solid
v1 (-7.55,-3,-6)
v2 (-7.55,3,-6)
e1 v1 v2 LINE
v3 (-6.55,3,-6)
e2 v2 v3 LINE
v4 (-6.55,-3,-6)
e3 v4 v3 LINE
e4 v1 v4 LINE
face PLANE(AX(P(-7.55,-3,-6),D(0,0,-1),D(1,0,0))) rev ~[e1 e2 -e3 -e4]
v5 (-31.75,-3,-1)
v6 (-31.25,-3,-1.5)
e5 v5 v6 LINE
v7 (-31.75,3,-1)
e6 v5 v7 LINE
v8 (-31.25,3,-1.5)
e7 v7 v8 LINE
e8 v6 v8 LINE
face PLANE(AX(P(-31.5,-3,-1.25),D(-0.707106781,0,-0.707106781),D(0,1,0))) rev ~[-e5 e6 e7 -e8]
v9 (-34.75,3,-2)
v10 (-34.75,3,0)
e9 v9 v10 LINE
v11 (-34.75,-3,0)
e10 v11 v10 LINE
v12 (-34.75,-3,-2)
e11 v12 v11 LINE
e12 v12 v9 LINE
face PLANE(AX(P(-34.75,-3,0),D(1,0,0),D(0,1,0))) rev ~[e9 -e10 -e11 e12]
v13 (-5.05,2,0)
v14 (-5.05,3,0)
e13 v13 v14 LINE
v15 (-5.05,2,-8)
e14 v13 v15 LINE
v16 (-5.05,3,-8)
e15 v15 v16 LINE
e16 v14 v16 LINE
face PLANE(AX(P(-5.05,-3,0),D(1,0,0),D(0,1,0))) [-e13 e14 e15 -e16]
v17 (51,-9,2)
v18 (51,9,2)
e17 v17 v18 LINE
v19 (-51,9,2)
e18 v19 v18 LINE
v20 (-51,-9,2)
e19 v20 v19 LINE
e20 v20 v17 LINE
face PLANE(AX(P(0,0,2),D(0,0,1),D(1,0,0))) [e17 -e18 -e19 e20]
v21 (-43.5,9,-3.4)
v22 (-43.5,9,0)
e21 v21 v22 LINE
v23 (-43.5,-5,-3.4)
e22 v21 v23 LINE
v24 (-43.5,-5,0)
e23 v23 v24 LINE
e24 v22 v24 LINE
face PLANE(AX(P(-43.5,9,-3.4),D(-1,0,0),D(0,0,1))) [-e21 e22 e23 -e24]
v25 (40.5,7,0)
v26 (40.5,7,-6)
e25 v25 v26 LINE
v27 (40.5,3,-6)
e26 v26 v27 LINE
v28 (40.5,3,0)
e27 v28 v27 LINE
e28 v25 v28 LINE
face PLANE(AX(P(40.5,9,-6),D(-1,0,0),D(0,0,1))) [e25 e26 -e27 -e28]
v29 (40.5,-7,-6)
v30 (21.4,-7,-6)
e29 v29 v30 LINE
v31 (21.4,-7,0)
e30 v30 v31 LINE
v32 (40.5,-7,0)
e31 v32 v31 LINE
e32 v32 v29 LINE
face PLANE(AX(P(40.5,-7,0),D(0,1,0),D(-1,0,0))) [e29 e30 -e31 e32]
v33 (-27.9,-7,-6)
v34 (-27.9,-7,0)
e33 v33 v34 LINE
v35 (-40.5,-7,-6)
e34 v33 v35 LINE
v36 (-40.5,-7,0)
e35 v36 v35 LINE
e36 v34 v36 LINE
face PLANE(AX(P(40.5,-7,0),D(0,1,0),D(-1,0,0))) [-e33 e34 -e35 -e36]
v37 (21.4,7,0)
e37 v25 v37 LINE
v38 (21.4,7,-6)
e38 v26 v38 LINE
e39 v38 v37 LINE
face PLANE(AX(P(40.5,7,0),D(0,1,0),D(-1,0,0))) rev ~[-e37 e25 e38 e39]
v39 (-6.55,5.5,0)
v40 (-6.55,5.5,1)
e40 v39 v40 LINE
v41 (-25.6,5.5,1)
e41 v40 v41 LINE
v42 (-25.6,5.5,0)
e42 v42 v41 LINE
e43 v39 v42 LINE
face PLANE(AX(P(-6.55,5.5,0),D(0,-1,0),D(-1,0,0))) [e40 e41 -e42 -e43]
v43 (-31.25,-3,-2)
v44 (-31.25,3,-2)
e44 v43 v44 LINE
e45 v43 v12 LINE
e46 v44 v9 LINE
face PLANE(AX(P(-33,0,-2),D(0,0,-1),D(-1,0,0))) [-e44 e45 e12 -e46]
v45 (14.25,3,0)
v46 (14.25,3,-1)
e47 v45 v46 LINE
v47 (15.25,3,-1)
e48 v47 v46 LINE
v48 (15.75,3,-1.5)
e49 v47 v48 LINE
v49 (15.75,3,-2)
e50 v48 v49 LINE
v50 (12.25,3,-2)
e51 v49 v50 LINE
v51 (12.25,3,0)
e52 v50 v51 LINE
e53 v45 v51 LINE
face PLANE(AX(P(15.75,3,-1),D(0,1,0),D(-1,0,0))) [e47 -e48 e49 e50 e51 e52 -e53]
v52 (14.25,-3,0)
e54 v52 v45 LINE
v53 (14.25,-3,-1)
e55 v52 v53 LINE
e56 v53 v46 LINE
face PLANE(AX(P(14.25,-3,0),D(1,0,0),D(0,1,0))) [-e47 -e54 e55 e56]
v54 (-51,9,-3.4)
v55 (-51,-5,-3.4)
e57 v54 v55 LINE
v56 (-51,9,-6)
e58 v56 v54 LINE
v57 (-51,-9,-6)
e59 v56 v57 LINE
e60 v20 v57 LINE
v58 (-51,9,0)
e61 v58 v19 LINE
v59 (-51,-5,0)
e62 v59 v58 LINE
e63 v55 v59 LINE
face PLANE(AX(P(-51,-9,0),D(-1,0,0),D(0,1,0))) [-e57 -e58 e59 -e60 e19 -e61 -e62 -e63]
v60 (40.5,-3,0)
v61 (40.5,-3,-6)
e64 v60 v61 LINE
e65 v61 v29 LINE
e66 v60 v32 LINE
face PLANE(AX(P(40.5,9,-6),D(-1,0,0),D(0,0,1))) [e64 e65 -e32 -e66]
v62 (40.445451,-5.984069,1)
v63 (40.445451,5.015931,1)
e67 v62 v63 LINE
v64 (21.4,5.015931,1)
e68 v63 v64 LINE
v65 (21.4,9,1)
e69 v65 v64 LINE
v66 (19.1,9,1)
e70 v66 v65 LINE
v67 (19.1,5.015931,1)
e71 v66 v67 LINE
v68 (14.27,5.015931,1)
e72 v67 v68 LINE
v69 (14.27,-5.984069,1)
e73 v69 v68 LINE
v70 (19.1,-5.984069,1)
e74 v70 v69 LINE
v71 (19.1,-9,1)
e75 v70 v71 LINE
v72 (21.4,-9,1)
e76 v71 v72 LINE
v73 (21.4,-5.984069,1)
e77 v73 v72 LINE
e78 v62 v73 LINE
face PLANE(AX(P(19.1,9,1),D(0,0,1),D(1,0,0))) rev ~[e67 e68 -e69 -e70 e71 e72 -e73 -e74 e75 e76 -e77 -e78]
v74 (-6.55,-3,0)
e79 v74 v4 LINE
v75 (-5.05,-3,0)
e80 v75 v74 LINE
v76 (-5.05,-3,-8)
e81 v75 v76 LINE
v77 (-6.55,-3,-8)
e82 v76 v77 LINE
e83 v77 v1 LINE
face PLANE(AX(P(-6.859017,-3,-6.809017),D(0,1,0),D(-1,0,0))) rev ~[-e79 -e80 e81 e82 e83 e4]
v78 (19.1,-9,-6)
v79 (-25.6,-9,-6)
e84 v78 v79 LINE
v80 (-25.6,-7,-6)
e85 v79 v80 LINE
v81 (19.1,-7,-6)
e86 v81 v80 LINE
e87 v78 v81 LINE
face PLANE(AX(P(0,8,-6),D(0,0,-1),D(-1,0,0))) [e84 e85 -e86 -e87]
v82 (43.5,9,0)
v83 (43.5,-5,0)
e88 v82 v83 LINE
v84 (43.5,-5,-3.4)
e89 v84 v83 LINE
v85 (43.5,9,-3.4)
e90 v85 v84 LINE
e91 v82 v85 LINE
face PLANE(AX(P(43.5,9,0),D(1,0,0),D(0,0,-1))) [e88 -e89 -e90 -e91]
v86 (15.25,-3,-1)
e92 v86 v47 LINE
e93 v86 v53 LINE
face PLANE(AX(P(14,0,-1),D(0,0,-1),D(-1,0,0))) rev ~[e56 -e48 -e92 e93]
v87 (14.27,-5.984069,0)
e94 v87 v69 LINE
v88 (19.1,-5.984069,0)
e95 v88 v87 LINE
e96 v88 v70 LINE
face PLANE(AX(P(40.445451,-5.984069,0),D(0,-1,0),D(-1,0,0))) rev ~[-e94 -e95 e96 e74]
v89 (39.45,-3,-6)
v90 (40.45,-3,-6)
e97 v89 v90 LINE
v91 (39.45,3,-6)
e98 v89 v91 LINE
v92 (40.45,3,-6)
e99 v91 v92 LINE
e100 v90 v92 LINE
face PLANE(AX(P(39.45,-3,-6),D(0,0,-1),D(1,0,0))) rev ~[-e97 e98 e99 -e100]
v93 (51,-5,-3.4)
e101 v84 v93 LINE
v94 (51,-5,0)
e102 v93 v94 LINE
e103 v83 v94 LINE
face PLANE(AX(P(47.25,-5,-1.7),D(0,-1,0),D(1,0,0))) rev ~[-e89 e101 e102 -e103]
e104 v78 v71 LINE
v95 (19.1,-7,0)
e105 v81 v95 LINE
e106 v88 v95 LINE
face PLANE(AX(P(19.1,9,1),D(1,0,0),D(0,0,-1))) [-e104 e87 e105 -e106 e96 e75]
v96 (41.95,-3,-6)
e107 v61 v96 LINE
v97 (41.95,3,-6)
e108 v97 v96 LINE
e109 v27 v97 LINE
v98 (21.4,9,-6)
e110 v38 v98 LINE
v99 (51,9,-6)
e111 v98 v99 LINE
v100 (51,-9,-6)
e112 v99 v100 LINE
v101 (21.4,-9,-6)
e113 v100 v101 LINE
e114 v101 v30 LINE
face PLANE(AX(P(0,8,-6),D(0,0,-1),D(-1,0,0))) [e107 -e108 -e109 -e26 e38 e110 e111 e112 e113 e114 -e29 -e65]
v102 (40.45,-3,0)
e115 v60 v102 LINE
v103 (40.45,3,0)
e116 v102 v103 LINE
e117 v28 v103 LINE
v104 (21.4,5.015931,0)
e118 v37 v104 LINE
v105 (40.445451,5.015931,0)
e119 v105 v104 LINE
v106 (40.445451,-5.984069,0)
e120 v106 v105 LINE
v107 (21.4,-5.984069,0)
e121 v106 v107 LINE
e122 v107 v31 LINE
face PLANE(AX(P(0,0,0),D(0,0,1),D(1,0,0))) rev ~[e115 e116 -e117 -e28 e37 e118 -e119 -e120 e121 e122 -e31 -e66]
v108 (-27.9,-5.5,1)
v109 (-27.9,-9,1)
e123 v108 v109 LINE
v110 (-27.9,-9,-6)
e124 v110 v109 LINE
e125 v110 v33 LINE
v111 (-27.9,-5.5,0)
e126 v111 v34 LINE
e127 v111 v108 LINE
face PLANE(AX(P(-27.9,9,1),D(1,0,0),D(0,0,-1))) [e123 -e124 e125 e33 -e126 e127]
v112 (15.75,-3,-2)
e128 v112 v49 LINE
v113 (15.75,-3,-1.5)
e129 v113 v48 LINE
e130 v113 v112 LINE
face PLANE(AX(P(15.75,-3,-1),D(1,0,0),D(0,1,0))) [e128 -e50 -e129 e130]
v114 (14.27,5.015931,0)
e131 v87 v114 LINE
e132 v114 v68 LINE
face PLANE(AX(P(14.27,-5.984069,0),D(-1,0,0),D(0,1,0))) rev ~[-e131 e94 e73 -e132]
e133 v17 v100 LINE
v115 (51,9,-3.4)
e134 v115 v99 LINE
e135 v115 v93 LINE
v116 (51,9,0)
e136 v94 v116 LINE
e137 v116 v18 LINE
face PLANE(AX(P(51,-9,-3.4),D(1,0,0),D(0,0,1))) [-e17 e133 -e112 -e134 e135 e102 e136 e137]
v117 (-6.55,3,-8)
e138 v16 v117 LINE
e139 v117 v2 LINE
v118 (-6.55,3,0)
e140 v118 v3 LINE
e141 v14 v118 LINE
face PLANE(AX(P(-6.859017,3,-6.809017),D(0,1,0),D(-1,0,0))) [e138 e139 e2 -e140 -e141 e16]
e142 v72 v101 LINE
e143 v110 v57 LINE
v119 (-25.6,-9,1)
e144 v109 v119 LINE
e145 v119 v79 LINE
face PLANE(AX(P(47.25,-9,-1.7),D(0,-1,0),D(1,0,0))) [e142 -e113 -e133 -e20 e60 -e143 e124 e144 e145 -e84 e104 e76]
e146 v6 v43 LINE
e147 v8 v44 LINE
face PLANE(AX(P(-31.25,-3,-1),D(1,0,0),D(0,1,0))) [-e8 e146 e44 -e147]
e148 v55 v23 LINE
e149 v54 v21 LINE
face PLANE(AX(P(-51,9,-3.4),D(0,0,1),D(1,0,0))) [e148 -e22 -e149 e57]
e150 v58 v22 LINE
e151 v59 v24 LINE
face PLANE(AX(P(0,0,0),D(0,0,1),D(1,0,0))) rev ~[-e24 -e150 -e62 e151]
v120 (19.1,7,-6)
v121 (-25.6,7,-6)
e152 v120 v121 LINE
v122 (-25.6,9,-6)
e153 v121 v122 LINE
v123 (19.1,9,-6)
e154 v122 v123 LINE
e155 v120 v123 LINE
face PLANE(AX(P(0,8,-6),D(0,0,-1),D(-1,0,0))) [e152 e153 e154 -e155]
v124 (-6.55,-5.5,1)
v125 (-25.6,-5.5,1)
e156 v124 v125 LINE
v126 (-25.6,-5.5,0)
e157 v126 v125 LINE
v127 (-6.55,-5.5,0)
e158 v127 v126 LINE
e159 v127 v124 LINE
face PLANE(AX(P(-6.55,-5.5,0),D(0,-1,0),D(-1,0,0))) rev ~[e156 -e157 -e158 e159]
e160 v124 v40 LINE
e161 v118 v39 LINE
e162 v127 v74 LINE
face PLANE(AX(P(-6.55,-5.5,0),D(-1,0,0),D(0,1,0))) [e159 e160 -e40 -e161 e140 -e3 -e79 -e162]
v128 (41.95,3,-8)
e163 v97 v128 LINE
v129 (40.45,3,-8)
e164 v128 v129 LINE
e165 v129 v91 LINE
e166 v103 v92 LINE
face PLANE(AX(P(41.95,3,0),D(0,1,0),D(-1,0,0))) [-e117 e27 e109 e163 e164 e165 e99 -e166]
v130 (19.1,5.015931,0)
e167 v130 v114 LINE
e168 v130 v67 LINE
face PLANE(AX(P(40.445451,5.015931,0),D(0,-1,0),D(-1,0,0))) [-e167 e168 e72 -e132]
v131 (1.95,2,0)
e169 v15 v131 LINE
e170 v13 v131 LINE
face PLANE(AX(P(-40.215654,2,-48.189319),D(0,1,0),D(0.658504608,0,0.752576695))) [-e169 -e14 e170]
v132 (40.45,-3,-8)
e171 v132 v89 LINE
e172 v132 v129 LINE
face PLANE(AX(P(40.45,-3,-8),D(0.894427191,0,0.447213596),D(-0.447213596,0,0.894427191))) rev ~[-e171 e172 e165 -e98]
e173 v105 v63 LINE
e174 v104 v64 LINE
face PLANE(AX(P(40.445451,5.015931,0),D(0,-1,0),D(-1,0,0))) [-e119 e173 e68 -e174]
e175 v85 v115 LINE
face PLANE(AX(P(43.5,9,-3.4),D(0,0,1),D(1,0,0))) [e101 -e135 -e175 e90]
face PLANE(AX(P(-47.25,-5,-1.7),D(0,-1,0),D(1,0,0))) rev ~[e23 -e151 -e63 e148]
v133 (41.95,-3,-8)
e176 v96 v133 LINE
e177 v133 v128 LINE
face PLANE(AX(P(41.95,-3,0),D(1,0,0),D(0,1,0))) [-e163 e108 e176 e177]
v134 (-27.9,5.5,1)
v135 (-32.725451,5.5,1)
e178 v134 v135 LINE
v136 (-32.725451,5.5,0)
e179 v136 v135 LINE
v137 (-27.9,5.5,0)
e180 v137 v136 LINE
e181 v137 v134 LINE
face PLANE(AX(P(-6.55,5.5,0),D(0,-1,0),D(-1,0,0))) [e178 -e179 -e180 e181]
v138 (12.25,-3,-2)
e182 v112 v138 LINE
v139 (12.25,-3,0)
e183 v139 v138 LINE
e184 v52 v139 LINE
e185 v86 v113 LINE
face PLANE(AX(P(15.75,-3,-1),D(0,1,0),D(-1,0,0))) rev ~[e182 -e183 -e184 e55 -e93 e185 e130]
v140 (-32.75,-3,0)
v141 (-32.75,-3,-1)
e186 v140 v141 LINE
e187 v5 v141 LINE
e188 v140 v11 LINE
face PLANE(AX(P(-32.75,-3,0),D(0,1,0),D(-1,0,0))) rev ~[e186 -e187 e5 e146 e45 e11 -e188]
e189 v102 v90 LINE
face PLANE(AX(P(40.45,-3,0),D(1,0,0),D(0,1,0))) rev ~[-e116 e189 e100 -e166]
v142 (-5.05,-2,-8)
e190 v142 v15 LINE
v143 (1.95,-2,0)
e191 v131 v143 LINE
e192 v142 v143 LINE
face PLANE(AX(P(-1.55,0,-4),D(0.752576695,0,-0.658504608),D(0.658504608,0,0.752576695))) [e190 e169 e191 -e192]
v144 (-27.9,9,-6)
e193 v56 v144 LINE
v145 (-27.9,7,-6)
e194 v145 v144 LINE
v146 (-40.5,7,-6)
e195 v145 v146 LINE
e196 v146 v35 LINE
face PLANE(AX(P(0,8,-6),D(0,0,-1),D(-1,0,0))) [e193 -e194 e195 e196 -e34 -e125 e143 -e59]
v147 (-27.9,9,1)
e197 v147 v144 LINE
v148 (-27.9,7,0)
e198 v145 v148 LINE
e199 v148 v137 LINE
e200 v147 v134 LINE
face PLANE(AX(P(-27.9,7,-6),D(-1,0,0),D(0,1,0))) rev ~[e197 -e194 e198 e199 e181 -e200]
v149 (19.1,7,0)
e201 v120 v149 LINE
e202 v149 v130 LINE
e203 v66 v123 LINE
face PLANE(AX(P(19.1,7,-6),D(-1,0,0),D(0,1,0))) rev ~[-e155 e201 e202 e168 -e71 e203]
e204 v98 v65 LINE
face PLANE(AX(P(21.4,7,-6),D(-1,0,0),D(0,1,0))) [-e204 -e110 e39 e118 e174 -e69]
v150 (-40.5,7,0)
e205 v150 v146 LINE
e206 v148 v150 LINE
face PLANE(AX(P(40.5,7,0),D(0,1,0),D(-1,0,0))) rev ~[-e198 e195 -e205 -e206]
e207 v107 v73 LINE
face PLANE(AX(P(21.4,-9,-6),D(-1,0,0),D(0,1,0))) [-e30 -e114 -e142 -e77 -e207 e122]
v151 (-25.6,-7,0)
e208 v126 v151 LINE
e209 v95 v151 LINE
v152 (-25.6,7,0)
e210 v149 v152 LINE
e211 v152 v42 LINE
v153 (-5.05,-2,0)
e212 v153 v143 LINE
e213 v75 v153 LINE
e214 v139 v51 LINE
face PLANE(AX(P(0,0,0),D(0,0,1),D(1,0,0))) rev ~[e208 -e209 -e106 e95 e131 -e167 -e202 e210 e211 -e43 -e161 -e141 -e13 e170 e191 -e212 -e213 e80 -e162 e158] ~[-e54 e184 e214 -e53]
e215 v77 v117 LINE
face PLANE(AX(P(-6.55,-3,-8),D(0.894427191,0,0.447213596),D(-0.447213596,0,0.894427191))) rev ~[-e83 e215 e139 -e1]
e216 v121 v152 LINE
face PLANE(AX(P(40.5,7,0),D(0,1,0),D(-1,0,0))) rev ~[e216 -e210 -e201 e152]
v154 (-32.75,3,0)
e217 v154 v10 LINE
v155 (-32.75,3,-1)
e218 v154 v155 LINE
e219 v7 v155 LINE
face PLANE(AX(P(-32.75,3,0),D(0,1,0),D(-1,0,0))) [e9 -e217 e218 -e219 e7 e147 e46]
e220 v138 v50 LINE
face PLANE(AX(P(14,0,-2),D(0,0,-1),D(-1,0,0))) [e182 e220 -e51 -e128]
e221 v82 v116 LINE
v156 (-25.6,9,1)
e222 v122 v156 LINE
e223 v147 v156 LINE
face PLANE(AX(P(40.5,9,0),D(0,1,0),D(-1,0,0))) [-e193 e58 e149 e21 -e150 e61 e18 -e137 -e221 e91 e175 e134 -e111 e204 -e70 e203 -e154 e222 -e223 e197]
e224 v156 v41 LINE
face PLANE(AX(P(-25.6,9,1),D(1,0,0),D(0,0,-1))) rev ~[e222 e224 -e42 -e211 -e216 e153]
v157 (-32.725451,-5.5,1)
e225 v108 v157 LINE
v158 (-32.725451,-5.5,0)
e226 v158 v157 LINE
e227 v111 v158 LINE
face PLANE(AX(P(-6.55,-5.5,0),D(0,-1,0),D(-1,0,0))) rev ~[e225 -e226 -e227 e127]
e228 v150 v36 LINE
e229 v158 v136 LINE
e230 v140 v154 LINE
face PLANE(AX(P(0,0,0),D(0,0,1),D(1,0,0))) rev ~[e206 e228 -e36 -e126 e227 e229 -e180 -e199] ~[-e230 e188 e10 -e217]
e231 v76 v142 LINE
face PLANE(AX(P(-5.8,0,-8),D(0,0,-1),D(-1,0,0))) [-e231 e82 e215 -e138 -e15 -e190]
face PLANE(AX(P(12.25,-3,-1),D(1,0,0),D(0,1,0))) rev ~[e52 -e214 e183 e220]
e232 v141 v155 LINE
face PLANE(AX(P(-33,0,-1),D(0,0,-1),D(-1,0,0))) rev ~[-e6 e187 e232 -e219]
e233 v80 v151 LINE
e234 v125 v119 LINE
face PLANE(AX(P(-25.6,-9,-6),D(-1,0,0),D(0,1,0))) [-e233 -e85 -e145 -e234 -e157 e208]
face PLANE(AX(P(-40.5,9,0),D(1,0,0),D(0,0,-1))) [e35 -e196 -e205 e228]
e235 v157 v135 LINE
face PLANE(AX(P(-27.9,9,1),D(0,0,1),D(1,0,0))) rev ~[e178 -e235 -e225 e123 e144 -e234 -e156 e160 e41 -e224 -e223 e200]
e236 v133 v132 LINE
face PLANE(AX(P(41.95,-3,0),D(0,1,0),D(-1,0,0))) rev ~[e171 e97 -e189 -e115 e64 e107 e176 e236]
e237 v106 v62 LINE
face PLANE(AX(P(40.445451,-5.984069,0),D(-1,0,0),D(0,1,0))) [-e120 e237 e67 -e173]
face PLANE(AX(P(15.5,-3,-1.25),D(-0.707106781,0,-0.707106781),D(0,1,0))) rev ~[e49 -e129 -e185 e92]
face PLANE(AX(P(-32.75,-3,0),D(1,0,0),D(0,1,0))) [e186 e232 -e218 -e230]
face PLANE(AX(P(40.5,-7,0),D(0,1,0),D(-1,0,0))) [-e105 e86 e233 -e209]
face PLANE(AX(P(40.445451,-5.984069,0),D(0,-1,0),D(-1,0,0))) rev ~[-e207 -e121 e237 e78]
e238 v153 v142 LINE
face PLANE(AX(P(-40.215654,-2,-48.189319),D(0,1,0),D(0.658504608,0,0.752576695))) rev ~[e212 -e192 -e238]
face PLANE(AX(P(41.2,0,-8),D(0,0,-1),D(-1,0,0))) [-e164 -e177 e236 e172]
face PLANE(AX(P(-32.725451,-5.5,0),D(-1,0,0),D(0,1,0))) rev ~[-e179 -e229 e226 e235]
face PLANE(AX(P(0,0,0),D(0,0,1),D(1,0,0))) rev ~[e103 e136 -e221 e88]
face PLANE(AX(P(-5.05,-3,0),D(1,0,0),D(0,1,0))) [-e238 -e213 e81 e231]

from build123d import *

# Parameters (mm, degrees)
SKETCH1_W            = 102
SKETCH1_H            = 18
BOSS_EXTRUDE1_DEPTH  = 2
BOSS_EXTRUDE2_DEPTH  = 18
SKETCH4_W            = 81
SKETCH4_H            = 2
BOSS_EXTRUDE3_DEPTH  = 6
SKETCH5_W            = 2.3
SKETCH5_H            = 2
CUT_EXTRUDE1_DEPTH   = 6
SKETCH8_W            = 2
SKETCH8_H            = 6
BOSS_EXTRUDE5_DEPTH  = 1
SKETCH10_W           = 3.5
SKETCH10_H           = 6
BOSS_EXTRUDE6_DEPTH  = 1
SKETCH11_W           = 1.5
SKETCH11_H           = 6
BOSS_EXTRUDE7_DEPTH  = 8
BOSS_EXTRUDE8_DEPTH  = 6
RIB1_REACH           = 54.402
SKETCH17_WALL_W      = 117.434725866
SKETCH17_WALL_H      = 4
CHAMFER1_SIZE        = 0.5
SKETCH18_W           = 7.5
SKETCH18_H           = 3.4
BOSS_EXTRUDE10_DEPTH = 4
SKETCH19_W           = 26.1754507
SKETCH19_H           = 11
CUT_EXTRUDE3_DEPTH   = 1
SKETCH20_W           = 2.3
SKETCH20_H           = 1
CUT_EXTRUDE4_DEPTH   = 18


with BuildPart() as part:
    # Sketch1 → Boss-Extrude1 (new body)
    with BuildSketch(Plane.XY):
        Rectangle(SKETCH1_W, SKETCH1_H)
    extrude(amount=BOSS_EXTRUDE1_DEPTH)

    # Sketch2 → Boss-Extrude2 (add)
    with BuildSketch(Plane(origin=(0, 9, 0), x_dir=(1, 0, 0), z_dir=(0, 1, 0))):
        Polygon((-43.5, 0), (-40.5, 0), (-40.5, 6), (-51, 6), (-51, 3.4), (-43.5, 3.4), align=None)
        Polygon((40.5, 6), (40.5, 0), (43.5, 0), (43.5, 3.4), (51, 3.4), (51, 6), align=None)
    extrude(amount=-BOSS_EXTRUDE2_DEPTH)

    # Sketch4 → Boss-Extrude3 (add)
    with BuildSketch(Plane(origin=(0, 0, 0), x_dir=(-1, 0, 0), z_dir=(0, 0, -1))):
        with Locations((0, 8)):
            Rectangle(SKETCH4_W, SKETCH4_H)
        with Locations((0, -8)):
            Rectangle(SKETCH4_W, SKETCH4_H)
    extrude(amount=BOSS_EXTRUDE3_DEPTH)

    # Sketch5 → Cut-Extrude1 (cut)
    with BuildSketch(Plane(origin=(0, 0, -6), x_dir=(-1, 0, 0), z_dir=(0, 0, -1))):
        with Locations((26.75, -8)):
            Rectangle(SKETCH5_W, SKETCH5_H)
        with Locations((26.75, 8)):
            Rectangle(SKETCH5_W, SKETCH5_H)
        with Locations((-20.25, 8)):
            Rectangle(SKETCH5_W, SKETCH5_H)
        with Locations((-20.25, -8)):
            Rectangle(SKETCH5_W, SKETCH5_H)
    extrude(amount=-CUT_EXTRUDE1_DEPTH, mode=Mode.SUBTRACT)

    # Sketch8 → Boss-Extrude5 (add)
    with BuildSketch(Plane(origin=(0, 0, 0), x_dir=(-1, 0, 0), z_dir=(0, 0, -1))):
        with Locations((33.75, 0)):
            Rectangle(SKETCH8_W, SKETCH8_H)
        with Locations((-13.25, 0)):
            Rectangle(SKETCH8_W, SKETCH8_H)
    extrude(amount=BOSS_EXTRUDE5_DEPTH)

    # Sketch10 → Boss-Extrude6 (add)
    with BuildSketch(Plane(origin=(0, 0, -1), x_dir=(-1, 0, 0), z_dir=(0, 0, -1))):
        with Locations((-14, 0)):
            Rectangle(SKETCH10_W, SKETCH10_H)
        with Locations((33, 0)):
            Rectangle(SKETCH10_W, SKETCH10_H)
    extrude(amount=BOSS_EXTRUDE6_DEPTH)

    # Sketch11 → Boss-Extrude7 (add)
    with BuildSketch(Plane(origin=(0, 0, 0), x_dir=(-1, 0, 0), z_dir=(0, 0, -1))):
        with Locations((5.8, 0)):
            Rectangle(SKETCH11_W, SKETCH11_H)
        with Locations((-41.2, 0)):
            Rectangle(SKETCH11_W, SKETCH11_H)
    extrude(amount=BOSS_EXTRUDE7_DEPTH)

    # Sketch12 → Boss-Extrude8 (add)
    with BuildSketch(Plane.XZ.offset(3)):
        Polygon((-6.55, -8), (-7.55, -6), (-6.55, -6), align=None)
        Polygon((40.45, -8), (39.45, -6), (40.45, -6), align=None)
    extrude(amount=-BOSS_EXTRUDE8_DEPTH)

    # Sketch17 wall → Rib1 (add, up to next)
    with BuildSketch(Plane(origin=(-1.55, 0, -4), x_dir=(0.658504607869, 0, 0.752576694707), z_dir=(0.752576694707, 0, -0.658504607869)), mode=Mode.PRIVATE) as rib1_sk1:
        Rectangle(SKETCH17_WALL_W, SKETCH17_WALL_H)
    rib1_tool1 = extrude(rib1_sk1.sketch, amount=-RIB1_REACH, mode=Mode.PRIVATE) - part.part
    add(rib1_tool1.solids().sort_by_distance((-1.55, 0, -4))[0])

    # Chamfer1
    chamfer1_edges = [part.edges().sort_by_distance(p)[0] for p in [
        (-31.25, 0, -1),
        (15.75, 0, -1),
    ]]
    chamfer(chamfer1_edges, length=CHAMFER1_SIZE)

    # Sketch18 → Boss-Extrude10 (add)
    with BuildSketch(Plane.XZ.offset(9)):
        with Locations((47.25, -1.7)):
            Rectangle(SKETCH18_W, SKETCH18_H)
        with Locations((-47.25, -1.7)):
            Rectangle(SKETCH18_W, SKETCH18_H)
    extrude(amount=-BOSS_EXTRUDE10_DEPTH)

    # Sketch19 → Cut-Extrude3 (cut)
    with BuildSketch(Plane(origin=(0, 0, 0), x_dir=(-1, 0, 0), z_dir=(0, 0, -1))):
        with Locations((19.63772535, 0)):
            Rectangle(SKETCH19_W, SKETCH19_H)
        with Locations((-27.35772535, -0.484068742)):
            Rectangle(SKETCH19_W, SKETCH19_H)
    extrude(amount=-CUT_EXTRUDE3_DEPTH, mode=Mode.SUBTRACT)

    # Sketch20 → Cut-Extrude4 (cut)
    with BuildSketch(Plane(origin=(0, 9, 0), x_dir=(1, 0, 0), z_dir=(0, 1, 0))):
        with Locations((-26.75, -0.5)):
            Rectangle(SKETCH20_W, SKETCH20_H)
        with Locations((20.25, -0.5)):
            Rectangle(SKETCH20_W, SKETCH20_H)
    extrude(amount=-CUT_EXTRUDE4_DEPTH, mode=Mode.SUBTRACT)


solid = part.part
